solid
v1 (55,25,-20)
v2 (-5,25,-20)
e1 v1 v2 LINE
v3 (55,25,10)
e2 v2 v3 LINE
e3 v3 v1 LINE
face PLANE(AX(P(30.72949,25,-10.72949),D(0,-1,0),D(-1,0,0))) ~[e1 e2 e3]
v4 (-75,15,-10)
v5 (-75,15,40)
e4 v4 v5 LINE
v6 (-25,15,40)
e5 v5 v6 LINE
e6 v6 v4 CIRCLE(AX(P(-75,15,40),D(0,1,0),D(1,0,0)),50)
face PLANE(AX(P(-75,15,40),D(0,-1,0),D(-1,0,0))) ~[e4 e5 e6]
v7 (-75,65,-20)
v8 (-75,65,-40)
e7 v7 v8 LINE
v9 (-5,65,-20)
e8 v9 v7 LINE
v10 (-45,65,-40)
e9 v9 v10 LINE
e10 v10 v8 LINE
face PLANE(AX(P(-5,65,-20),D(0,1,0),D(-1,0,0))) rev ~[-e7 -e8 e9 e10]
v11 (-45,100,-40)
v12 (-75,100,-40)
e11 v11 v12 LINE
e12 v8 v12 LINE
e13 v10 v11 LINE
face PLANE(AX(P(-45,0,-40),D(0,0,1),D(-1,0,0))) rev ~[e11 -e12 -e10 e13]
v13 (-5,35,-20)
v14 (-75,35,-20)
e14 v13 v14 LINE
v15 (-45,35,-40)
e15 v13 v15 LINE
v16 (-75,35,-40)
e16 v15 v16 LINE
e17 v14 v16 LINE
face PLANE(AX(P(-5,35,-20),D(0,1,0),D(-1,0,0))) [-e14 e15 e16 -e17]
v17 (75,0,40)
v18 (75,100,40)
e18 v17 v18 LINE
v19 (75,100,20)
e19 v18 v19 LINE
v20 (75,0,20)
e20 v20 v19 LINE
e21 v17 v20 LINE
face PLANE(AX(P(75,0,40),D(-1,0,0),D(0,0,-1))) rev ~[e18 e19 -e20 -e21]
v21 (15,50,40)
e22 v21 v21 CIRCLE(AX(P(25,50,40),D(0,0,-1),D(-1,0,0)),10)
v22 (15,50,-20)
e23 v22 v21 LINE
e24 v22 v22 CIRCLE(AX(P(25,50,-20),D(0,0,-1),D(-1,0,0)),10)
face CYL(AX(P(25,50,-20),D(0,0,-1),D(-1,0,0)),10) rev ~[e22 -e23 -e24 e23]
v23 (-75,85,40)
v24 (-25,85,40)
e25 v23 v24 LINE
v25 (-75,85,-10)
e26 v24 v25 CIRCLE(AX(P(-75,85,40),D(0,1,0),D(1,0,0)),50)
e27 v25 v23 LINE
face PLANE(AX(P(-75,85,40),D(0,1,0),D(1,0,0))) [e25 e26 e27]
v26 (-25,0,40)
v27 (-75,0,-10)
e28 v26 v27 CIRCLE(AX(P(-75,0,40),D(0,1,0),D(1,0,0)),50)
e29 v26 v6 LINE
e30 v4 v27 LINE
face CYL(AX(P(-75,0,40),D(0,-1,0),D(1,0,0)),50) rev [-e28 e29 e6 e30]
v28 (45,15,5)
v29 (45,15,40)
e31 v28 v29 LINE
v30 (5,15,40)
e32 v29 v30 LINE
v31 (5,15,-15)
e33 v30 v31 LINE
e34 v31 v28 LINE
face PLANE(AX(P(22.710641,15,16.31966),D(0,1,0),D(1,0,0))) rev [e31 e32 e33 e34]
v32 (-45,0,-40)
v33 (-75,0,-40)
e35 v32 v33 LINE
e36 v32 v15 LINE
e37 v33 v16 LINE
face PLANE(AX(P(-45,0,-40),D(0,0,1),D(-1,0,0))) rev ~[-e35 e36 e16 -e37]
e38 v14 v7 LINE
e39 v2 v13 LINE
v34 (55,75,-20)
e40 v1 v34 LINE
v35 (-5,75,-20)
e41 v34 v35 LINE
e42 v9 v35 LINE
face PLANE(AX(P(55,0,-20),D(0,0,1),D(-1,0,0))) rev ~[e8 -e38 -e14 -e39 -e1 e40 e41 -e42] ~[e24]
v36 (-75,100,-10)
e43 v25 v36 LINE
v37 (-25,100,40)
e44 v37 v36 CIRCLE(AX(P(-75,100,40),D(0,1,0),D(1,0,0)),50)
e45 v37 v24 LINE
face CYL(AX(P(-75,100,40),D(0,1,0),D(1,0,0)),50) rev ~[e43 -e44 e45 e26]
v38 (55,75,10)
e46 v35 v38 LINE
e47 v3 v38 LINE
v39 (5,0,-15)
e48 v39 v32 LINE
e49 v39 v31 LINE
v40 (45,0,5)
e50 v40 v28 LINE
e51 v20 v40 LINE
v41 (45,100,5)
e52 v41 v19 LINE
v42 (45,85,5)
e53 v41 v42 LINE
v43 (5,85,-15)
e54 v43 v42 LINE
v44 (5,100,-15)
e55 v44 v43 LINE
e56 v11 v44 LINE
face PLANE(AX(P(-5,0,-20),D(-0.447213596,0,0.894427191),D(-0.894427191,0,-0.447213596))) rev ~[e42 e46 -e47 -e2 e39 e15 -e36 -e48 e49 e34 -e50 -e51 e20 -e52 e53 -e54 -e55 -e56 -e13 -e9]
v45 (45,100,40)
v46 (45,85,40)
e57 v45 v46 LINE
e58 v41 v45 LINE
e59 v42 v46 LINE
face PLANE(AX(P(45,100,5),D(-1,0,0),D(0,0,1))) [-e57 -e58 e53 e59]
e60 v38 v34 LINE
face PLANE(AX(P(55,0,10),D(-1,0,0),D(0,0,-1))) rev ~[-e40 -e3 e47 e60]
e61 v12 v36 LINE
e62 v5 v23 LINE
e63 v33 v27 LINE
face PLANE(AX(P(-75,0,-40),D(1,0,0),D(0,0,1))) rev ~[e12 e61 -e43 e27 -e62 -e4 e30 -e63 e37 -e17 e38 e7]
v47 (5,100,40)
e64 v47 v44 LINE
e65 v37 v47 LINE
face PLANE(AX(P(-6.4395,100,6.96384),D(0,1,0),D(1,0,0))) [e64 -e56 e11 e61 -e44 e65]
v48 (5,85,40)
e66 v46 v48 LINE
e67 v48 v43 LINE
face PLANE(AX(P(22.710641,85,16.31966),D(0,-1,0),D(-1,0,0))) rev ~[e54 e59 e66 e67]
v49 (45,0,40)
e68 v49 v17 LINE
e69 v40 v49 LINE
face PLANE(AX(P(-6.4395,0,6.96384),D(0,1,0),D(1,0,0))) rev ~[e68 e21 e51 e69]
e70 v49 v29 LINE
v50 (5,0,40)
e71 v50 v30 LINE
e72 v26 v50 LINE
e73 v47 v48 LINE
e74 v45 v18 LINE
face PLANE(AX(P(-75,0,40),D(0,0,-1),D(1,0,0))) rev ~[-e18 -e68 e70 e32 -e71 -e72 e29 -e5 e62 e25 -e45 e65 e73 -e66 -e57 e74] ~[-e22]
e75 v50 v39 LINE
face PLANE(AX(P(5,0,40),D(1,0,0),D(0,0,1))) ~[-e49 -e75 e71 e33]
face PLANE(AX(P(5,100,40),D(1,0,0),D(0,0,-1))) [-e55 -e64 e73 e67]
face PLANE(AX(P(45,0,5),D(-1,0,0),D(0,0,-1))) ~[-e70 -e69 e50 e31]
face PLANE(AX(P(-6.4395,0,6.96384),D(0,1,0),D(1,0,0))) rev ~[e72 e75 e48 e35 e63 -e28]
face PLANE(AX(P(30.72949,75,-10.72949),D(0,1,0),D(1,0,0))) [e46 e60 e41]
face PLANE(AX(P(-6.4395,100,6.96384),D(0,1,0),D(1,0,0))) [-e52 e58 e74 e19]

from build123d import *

# Parameters (mm, degrees)
BOSS_EXTRUDE1_DEPTH = 100
SKETCH2_R           = 50
CUT_EXTRUDE1_DEPTH  = 15
CUT_EXTRUDE2_DEPTH  = 25
SKETCH4_W           = 70
SKETCH4_H           = 30
CUT_EXTRUDE3_DEPTH  = 21
SKETCH5_R           = 10
CUT_EXTRUDE4_DEPTH  = 61


with BuildPart() as part:
    # Sketch1 → Boss-Extrude1 (new body)
    with BuildSketch(Plane(origin=(0, 0, 0), x_dir=(1, 0, 0), z_dir=(0, 1, 0))):
        Polygon((-5, 20), (-45, 40), (-75, 40), (-75, -40), (75, -40), (75, -20), (55, -10), (55, 20), align=None)
    extrude(amount=BOSS_EXTRUDE1_DEPTH)

    # Sketch2 → Cut-Extrude1 (cut)
    with BuildSketch(Plane(origin=(0, 100, 0), x_dir=(1, 0, 0), z_dir=(0, 1, 0))):
        with Locations((-75, -40)):
            Circle(SKETCH2_R)
        Polygon((5, -40), (5, 15), (45, -5), (45, -40), align=None)
    cut_extrude1 = extrude(amount=-CUT_EXTRUDE1_DEPTH, mode=Mode.SUBTRACT)

    # Sketch3 → Cut-Extrude2 (cut)
    with BuildSketch(Plane(origin=(0, 100, 0), x_dir=(1, 0, 0), z_dir=(0, 1, 0))):
        Polygon((-5, 20), (55, -10), (55, 20), align=None)
    cut_extrude2 = extrude(amount=-CUT_EXTRUDE2_DEPTH, mode=Mode.SUBTRACT)

    # Mirror1: Cut-Extrude1, Cut-Extrude2 across plane
    add(cut_extrude1.mirror(Plane.ZX.offset(50)), mode=Mode.SUBTRACT)
    add(cut_extrude2.mirror(Plane.ZX.offset(50)), mode=Mode.SUBTRACT)

    # Sketch4 → Cut-Extrude3 (cut, through all)
    with BuildSketch(Plane(origin=(0, 0, -20), x_dir=(-1, 0, 0), z_dir=(0, 0, -1))):
        with Locations((40, 50)):
            Rectangle(SKETCH4_W, SKETCH4_H)
    extrude(amount=CUT_EXTRUDE3_DEPTH, mode=Mode.SUBTRACT)

    # Sketch5 → Cut-Extrude4 (cut, through all)
    with BuildSketch(Plane(origin=(0, 0, -20), x_dir=(-1, 0, 0), z_dir=(0, 0, -1))):
        with Locations((-25, 50)):
            Circle(SKETCH5_R)
    extrude(amount=-CUT_EXTRUDE4_DEPTH, mode=Mode.SUBTRACT)


solid = part.part
